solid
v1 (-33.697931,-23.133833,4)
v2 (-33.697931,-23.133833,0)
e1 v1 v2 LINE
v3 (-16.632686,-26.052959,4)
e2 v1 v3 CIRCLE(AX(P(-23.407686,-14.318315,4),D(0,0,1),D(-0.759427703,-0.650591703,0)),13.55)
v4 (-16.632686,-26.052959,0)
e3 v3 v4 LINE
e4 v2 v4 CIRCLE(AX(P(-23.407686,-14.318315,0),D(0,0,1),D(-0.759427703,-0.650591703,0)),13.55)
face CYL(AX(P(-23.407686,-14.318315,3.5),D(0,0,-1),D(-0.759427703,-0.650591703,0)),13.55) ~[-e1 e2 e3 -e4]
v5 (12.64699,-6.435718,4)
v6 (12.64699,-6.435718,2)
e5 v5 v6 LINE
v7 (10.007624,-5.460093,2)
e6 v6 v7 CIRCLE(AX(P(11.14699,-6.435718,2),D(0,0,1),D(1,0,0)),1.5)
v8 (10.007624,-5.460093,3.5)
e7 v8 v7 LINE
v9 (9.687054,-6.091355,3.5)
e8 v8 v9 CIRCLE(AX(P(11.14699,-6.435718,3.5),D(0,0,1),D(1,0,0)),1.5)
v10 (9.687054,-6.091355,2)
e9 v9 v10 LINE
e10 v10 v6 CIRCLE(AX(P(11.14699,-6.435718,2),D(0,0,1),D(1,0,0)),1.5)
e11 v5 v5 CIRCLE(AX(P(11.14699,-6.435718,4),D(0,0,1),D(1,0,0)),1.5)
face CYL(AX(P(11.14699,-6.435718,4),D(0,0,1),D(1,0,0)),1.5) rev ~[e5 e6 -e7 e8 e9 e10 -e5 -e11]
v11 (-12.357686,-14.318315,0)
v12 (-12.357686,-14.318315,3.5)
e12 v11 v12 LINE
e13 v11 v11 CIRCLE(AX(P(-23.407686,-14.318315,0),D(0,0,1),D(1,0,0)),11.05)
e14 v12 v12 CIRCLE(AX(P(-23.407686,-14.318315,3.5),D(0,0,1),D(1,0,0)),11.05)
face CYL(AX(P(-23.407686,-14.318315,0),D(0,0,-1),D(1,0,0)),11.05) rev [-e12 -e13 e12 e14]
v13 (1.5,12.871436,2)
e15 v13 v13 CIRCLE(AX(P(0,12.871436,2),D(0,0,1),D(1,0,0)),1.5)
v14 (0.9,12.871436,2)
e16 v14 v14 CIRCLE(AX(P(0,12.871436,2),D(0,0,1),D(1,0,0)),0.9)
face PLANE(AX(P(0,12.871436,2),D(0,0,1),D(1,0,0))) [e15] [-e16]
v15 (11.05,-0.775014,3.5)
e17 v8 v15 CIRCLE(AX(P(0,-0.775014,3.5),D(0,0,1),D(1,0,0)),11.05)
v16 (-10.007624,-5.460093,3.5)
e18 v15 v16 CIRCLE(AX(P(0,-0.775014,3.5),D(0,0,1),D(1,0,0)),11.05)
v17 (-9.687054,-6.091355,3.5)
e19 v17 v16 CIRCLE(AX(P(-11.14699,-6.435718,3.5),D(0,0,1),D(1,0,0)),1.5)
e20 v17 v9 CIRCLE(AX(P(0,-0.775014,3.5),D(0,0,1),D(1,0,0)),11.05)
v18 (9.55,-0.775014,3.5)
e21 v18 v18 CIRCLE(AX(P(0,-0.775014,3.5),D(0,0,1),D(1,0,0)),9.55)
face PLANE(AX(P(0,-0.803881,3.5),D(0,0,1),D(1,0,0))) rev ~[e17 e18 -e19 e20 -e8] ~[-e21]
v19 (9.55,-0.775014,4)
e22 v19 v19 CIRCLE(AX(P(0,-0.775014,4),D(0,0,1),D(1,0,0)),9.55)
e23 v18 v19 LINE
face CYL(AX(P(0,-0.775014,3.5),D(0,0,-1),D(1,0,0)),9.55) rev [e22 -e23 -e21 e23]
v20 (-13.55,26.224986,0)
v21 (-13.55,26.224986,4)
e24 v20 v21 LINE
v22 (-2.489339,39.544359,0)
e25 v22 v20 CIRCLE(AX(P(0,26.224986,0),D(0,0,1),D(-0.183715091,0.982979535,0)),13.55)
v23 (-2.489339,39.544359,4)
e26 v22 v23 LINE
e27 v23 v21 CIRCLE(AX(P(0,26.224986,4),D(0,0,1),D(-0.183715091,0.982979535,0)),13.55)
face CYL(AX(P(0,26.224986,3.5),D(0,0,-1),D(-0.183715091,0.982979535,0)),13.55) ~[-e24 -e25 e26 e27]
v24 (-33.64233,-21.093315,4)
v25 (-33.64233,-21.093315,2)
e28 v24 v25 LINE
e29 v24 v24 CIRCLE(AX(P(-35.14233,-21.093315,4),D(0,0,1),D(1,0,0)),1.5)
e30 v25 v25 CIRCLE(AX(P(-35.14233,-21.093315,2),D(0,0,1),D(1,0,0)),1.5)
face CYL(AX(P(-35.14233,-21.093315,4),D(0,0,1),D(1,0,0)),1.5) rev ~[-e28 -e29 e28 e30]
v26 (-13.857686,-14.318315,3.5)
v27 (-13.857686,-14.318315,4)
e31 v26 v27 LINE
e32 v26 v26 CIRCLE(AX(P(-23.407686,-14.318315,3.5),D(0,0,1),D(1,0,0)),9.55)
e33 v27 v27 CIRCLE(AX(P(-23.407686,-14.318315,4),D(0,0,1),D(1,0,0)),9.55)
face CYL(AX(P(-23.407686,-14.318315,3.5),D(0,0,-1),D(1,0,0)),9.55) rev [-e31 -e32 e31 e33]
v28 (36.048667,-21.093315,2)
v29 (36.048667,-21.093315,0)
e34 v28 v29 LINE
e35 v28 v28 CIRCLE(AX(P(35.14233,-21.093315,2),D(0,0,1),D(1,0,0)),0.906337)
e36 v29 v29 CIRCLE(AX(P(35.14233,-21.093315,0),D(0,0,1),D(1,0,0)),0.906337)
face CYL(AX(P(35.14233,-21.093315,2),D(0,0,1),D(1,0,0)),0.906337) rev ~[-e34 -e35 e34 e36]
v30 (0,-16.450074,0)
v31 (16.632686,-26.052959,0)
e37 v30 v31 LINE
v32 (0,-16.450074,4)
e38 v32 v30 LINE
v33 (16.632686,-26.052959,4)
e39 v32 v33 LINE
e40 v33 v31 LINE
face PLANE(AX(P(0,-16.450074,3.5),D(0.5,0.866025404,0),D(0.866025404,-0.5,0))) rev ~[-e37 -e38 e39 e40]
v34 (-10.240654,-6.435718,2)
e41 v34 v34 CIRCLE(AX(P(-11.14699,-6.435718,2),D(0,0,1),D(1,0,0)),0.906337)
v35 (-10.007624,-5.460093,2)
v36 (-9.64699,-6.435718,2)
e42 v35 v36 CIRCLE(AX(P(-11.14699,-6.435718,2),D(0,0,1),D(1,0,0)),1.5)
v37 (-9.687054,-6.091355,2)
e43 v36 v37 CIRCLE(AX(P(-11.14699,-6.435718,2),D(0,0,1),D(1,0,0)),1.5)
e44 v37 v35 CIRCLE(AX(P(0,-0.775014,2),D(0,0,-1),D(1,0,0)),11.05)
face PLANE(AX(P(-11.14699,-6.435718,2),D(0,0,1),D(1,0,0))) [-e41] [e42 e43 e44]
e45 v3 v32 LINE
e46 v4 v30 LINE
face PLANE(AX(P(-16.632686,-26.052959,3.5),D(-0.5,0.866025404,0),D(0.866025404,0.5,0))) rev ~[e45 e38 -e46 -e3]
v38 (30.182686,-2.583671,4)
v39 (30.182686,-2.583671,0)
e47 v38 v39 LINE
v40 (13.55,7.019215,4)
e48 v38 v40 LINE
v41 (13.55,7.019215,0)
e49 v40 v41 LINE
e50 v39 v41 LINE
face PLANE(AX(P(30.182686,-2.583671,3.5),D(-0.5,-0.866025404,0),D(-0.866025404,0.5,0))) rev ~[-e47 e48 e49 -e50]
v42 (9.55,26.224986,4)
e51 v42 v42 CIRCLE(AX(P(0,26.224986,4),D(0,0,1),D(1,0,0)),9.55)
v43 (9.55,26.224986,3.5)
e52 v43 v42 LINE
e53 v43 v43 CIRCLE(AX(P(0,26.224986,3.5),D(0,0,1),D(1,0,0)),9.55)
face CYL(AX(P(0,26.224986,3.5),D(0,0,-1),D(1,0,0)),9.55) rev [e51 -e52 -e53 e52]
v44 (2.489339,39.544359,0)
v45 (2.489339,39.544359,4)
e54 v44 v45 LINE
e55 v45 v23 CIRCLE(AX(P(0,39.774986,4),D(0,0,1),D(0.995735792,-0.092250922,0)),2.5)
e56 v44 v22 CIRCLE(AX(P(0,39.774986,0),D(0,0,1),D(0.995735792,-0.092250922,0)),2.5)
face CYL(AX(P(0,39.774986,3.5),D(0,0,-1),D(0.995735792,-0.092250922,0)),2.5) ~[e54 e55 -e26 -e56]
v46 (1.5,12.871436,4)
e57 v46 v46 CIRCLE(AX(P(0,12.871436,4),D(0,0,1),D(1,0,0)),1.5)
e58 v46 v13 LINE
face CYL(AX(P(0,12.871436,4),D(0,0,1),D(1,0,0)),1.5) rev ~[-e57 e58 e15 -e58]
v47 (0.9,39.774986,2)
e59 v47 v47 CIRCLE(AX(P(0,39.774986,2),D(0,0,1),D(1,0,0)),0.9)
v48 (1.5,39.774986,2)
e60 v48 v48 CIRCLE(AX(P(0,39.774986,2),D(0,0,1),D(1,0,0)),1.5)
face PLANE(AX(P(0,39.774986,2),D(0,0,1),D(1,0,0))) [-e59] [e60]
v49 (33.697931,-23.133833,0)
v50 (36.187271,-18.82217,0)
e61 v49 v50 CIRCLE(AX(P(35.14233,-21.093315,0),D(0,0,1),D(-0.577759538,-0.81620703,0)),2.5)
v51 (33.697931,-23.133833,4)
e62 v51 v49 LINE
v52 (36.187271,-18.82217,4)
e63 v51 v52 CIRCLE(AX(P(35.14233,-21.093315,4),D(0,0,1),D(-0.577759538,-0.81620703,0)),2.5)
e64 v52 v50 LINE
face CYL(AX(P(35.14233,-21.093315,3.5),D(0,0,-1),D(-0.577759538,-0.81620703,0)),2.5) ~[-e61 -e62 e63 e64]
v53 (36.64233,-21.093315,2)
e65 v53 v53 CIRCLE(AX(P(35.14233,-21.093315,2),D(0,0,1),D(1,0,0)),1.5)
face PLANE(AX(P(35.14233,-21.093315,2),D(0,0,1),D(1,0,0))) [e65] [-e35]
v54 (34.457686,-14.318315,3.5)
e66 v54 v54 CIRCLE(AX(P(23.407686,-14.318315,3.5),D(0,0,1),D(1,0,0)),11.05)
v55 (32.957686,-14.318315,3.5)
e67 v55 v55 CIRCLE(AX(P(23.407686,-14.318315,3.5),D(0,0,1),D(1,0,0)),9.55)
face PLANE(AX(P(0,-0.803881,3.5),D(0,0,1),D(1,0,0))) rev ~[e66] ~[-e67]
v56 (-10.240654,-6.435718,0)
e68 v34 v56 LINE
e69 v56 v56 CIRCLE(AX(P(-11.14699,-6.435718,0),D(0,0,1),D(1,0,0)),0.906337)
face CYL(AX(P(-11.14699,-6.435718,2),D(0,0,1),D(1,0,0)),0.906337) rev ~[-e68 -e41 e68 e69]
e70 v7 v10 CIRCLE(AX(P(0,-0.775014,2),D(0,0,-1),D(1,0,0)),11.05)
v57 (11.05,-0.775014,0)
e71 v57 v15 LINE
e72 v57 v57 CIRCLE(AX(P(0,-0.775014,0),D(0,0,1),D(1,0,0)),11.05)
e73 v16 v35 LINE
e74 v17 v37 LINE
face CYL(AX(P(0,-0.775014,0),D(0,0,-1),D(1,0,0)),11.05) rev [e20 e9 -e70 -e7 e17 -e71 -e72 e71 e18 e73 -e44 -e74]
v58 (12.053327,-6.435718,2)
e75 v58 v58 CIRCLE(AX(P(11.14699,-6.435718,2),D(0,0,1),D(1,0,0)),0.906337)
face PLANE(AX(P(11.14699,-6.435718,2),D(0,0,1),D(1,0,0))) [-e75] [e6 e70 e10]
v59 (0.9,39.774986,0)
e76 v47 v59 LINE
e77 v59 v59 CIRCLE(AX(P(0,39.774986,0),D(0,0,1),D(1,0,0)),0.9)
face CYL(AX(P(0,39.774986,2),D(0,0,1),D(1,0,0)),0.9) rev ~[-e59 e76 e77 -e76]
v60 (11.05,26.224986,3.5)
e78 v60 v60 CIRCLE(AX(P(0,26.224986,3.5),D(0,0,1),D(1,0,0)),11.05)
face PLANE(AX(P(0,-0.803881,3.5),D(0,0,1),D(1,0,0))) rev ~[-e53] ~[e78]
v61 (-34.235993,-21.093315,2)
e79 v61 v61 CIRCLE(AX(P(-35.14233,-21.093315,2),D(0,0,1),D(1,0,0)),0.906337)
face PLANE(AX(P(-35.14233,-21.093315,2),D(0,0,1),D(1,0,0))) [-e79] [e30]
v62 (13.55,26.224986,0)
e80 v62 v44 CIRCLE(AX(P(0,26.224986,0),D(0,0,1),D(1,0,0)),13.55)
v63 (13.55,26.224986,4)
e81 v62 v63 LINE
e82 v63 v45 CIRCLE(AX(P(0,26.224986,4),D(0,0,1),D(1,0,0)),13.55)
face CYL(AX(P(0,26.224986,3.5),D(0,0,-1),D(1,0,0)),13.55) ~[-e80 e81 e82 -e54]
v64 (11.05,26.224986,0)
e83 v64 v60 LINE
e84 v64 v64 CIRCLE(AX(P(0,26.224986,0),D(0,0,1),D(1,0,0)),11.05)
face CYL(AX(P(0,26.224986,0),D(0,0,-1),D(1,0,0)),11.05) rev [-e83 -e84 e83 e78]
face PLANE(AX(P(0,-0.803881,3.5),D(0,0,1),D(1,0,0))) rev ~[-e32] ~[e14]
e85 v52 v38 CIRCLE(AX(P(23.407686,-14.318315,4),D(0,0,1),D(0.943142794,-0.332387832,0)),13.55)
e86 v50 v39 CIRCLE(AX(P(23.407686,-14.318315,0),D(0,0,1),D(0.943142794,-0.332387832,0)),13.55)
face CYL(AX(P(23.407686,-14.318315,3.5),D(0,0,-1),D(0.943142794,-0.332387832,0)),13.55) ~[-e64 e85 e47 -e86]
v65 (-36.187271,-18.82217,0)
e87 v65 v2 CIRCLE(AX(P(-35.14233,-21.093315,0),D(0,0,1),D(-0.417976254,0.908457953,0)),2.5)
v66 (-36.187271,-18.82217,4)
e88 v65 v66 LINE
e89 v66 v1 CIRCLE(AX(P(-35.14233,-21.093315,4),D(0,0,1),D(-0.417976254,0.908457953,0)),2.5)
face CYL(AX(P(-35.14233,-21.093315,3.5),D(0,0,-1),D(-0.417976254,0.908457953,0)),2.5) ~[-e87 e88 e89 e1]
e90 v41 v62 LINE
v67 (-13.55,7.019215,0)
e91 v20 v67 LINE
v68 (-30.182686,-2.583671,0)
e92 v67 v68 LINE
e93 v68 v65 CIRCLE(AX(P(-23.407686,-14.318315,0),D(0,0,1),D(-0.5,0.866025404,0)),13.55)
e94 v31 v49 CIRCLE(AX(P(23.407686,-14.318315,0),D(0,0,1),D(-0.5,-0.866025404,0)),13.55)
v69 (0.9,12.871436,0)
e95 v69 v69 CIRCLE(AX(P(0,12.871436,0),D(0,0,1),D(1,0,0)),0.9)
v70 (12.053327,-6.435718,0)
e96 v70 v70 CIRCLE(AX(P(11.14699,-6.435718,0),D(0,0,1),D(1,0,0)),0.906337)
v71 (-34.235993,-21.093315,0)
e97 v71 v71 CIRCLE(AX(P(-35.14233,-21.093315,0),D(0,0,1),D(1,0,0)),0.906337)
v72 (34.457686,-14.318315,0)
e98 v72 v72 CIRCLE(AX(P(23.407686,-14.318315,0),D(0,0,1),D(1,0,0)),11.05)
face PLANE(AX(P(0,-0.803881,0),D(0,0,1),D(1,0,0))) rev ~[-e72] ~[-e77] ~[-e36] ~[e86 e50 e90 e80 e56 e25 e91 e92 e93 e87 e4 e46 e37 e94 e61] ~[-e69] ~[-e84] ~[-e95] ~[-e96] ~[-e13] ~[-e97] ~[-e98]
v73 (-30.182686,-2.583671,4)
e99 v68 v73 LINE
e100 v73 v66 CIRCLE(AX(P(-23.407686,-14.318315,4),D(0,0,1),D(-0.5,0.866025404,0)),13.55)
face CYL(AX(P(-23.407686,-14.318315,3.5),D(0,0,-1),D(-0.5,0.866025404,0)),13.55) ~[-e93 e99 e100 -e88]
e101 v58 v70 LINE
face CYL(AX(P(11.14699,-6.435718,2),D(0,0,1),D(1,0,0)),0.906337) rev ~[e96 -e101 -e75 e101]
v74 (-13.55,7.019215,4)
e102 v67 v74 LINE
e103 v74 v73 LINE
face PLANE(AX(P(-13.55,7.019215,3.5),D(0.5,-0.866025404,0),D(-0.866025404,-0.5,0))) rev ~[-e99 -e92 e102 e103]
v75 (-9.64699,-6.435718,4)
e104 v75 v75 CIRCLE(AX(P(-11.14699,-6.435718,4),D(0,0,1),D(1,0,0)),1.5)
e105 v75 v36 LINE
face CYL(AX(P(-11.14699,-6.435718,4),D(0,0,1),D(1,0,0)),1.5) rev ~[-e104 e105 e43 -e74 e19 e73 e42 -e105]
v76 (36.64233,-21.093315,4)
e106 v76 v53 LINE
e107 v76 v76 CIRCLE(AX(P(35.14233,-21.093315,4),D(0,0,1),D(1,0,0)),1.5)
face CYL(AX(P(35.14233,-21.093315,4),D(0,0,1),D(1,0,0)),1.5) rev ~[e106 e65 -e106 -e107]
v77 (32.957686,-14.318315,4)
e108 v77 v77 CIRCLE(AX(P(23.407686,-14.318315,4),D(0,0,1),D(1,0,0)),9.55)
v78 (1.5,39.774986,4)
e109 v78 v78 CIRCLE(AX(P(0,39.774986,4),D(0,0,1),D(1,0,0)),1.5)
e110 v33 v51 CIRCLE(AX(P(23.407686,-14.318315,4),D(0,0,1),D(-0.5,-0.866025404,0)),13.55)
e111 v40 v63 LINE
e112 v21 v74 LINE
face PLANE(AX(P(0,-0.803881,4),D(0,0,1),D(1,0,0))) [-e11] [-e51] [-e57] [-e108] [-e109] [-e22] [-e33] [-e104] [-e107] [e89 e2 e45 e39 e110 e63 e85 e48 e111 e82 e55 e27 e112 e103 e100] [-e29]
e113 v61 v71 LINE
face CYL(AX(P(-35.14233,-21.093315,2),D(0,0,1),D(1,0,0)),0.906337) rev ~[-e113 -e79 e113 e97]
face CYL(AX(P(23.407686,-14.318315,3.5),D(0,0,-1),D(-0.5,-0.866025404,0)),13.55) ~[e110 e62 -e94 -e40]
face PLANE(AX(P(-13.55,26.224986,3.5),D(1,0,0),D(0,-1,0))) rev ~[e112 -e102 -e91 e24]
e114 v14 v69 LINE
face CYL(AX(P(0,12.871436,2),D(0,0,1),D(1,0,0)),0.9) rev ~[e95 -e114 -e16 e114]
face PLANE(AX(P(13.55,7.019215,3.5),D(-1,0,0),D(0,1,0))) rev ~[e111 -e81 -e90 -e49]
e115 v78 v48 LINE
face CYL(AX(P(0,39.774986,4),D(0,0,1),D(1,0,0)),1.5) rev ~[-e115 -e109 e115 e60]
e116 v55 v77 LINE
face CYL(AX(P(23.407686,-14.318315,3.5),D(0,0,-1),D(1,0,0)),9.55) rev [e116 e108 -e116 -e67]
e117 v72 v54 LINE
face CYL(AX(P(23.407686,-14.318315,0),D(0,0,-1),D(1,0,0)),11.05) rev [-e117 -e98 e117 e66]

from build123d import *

# Parameters (mm, degrees)
F0_R     = 11.05
F1_DEPTH = 3.5
F2_R     = 11.05
F2_R_2   = 9.55
F3_DEPTH = 0.5
F4_R     = 1.5
F5_DEPTH = 2
F6_R     = 0.9
F6_R_2   = 0.9063368872
F7_DEPTH = 2


with BuildPart() as f1:
    # F0 (on Top) → F1 (new body)
    with BuildSketch(Plane.XY):
        with BuildLine():
            ThreePointArc((-2.4893394798, 39.5443588099), (-10.4243237179, 34.8815428811), (-13.55, 26.2249861161))
            Line((-13.55, 26.2249861161), (-13.55, 7.0192147502))
            Line((-13.55, 7.0192147502), (-30.1826859022, -2.5836709328))
            ThreePointArc((-30.1826859022, -2.5836709328), (-36.1166458289, -9.6188643795), (-36.1872707573, -18.8221702728))
            ThreePointArc((-36.1872707573, -18.8221702728), (-35.1423301235, -21.093315154), (-33.6979312775, -23.133832729))
            ThreePointArc((-33.6979312775, -23.133832729), (-25.692322111, -27.6743226935), (-16.6326859022, -26.0529593753))
            Line((-16.6326859022, -26.0529593753), (0, -16.4500736924))
            Line((0, -16.4500736924), (16.6326859022, -26.0529593753))
            ThreePointArc((16.6326859022, -26.0529593753), (25.692322111, -27.6743226935), (33.6979312775, -23.133832729))
            ThreePointArc((33.6979312775, -23.133832729), (35.1423301235, -21.093315154), (36.1872707573, -18.8221702728))
            ThreePointArc((36.1872707573, -18.8221702728), (36.1166458289, -9.6188643795), (30.1826859022, -2.5836709328))
            Line((30.1826859022, -2.5836709328), (13.55, 7.0192147502))
            Line((13.55, 7.0192147502), (13.55, 26.2249861161))
            ThreePointArc((13.55, 26.2249861161), (10.4243237179, 34.8815428811), (2.4893394798, 39.5443588099))
            ThreePointArc((2.4893394798, 39.5443588099), (0, 39.7749861161), (-2.4893394798, 39.5443588099))
        make_face()
        with Locations((-23.4076859022, -14.318315154)):
            Circle(F0_R, mode=Mode.SUBTRACT)
        with Locations((0, -0.7750138839)):
            Circle(F0_R, mode=Mode.SUBTRACT)
        with Locations((23.4076859022, -14.318315154)):
            Circle(F0_R, mode=Mode.SUBTRACT)
        with Locations((0, 26.2249861161)):
            Circle(F0_R, mode=Mode.SUBTRACT)
        with BuildLine():
            ThreePointArc((2.4893394798, 39.5443588099), (0, 42.2749861161), (-2.4893394798, 39.5443588099))
            ThreePointArc((-2.4893394798, 39.5443588099), (0, 39.7749861161), (2.4893394798, 39.5443588099))
        make_face()
        with BuildLine():
            ThreePointArc((-33.6979312775, -23.133832729), (-35.1423301235, -21.093315154), (-36.1872707573, -18.8221702728))
            ThreePointArc((-36.1872707573, -18.8221702728), (-37.3073936329, -22.343315154), (-33.6979312775, -23.133832729))
        make_face()
        with BuildLine():
            ThreePointArc((33.6979312775, -23.133832729), (37.3073936329, -22.343315154), (36.1872707573, -18.8221702728))
            ThreePointArc((36.1872707573, -18.8221702728), (35.1423301235, -21.093315154), (33.6979312775, -23.133832729))
        make_face()
    extrude(amount=F1_DEPTH)

    # F2 (on face) → F3 (join)
    with BuildSketch(Plane.XY.offset(3.5)):
        with BuildLine():
            Line((13.55, 7.0192147502), (13.55, 26.2249861161))
            ThreePointArc((13.55, 26.2249861161), (10.4243237179, 34.8815428811), (2.4893394798, 39.5443588099))
            ThreePointArc((2.4893394798, 39.5443588099), (0, 42.2749861161), (-2.4893394798, 39.5443588099))
            ThreePointArc((-2.4893394798, 39.5443588099), (-10.4243237179, 34.8815428811), (-13.55, 26.2249861161))
            Line((-13.55, 26.2249861161), (-13.55, 7.0192147502))
            Line((-13.55, 7.0192147502), (-30.1826859022, -2.5836709328))
            ThreePointArc((-30.1826859022, -2.5836709328), (-36.1166458289, -9.6188643795), (-36.1872707573, -18.8221702728))
            ThreePointArc((-36.1872707573, -18.8221702728), (-37.3073936329, -22.343315154), (-33.6979312775, -23.133832729))
            ThreePointArc((-33.6979312775, -23.133832729), (-25.692322111, -27.6743226935), (-16.6326859022, -26.0529593753))
            Line((-16.6326859022, -26.0529593753), (0, -16.4500736924))
            Line((0, -16.4500736924), (16.6326859022, -26.0529593753))
            ThreePointArc((16.6326859022, -26.0529593753), (25.692322111, -27.6743226935), (33.6979312775, -23.133832729))
            ThreePointArc((33.6979312775, -23.133832729), (37.3073936329, -22.343315154), (36.1872707573, -18.8221702728))
            ThreePointArc((36.1872707573, -18.8221702728), (36.1166458289, -9.6188643795), (30.1826859022, -2.5836709328))
            Line((30.1826859022, -2.5836709328), (13.55, 7.0192147502))
        make_face()
        with Locations((-23.4076859022, -14.318315154)):
            Circle(F2_R, mode=Mode.SUBTRACT)
        with Locations((0, -0.7750138839)):
            Circle(F2_R, mode=Mode.SUBTRACT)
        with Locations((23.4076859022, -14.318315154)):
            Circle(F2_R, mode=Mode.SUBTRACT)
        with Locations((0, 26.2249861161)):
            Circle(F2_R, mode=Mode.SUBTRACT)
        with Locations((0, 26.2249861161)):
            Circle(F2_R)
        with Locations((0, 26.2249861161)):
            Circle(F2_R_2, mode=Mode.SUBTRACT)
        with Locations((0, -0.7750138839)):
            Circle(F2_R)
        with Locations((0, -0.7750138839)):
            Circle(F2_R_2, mode=Mode.SUBTRACT)
        with Locations((-23.4076859022, -14.318315154)):
            Circle(F2_R)
        with Locations((-23.4076859022, -14.318315154)):
            Circle(F2_R_2, mode=Mode.SUBTRACT)
        with Locations((23.4076859022, -14.318315154)):
            Circle(F2_R)
        with Locations((23.4076859022, -14.318315154)):
            Circle(F2_R_2, mode=Mode.SUBTRACT)
    extrude(amount=F3_DEPTH)

    # F4 (on face) → F5 (cut)
    with BuildSketch(Plane.XY.offset(4)):
        with Locations((0, 39.7749861161)):
            Circle(F4_R)
        with Locations((-35.1423301235, -21.093315154)):
            Circle(F4_R)
        with Locations((35.1423301235, -21.093315154)):
            Circle(F4_R)
        with Locations((0, 12.8714358434)):
            Circle(F4_R)
        with Locations((-11.1469904236, -6.4357179217)):
            Circle(F4_R)
        with Locations((11.1469904236, -6.4357179217)):
            Circle(F4_R)
    extrude(amount=-F5_DEPTH, mode=Mode.SUBTRACT)

    # F6 (on face) → F7 (cut, through all)
    with BuildSketch(Plane.XY.offset(2)):
        with Locations((0, 39.7749861161)):
            Circle(F6_R)
        with Locations((0, 12.8714358434)):
            Circle(F6_R)
        with Locations((-11.1469904236, -6.4357179217)):
            Circle(F6_R_2)
        with Locations((-35.1423301235, -21.093315154)):
            Circle(F6_R_2)
        with Locations((11.1469904236, -6.4357179217)):
            Circle(F6_R_2)
        with Locations((35.1423301235, -21.093315154)):
            Circle(F6_R_2)
    extrude(amount=-F7_DEPTH, mode=Mode.SUBTRACT)


solid = f1.part
